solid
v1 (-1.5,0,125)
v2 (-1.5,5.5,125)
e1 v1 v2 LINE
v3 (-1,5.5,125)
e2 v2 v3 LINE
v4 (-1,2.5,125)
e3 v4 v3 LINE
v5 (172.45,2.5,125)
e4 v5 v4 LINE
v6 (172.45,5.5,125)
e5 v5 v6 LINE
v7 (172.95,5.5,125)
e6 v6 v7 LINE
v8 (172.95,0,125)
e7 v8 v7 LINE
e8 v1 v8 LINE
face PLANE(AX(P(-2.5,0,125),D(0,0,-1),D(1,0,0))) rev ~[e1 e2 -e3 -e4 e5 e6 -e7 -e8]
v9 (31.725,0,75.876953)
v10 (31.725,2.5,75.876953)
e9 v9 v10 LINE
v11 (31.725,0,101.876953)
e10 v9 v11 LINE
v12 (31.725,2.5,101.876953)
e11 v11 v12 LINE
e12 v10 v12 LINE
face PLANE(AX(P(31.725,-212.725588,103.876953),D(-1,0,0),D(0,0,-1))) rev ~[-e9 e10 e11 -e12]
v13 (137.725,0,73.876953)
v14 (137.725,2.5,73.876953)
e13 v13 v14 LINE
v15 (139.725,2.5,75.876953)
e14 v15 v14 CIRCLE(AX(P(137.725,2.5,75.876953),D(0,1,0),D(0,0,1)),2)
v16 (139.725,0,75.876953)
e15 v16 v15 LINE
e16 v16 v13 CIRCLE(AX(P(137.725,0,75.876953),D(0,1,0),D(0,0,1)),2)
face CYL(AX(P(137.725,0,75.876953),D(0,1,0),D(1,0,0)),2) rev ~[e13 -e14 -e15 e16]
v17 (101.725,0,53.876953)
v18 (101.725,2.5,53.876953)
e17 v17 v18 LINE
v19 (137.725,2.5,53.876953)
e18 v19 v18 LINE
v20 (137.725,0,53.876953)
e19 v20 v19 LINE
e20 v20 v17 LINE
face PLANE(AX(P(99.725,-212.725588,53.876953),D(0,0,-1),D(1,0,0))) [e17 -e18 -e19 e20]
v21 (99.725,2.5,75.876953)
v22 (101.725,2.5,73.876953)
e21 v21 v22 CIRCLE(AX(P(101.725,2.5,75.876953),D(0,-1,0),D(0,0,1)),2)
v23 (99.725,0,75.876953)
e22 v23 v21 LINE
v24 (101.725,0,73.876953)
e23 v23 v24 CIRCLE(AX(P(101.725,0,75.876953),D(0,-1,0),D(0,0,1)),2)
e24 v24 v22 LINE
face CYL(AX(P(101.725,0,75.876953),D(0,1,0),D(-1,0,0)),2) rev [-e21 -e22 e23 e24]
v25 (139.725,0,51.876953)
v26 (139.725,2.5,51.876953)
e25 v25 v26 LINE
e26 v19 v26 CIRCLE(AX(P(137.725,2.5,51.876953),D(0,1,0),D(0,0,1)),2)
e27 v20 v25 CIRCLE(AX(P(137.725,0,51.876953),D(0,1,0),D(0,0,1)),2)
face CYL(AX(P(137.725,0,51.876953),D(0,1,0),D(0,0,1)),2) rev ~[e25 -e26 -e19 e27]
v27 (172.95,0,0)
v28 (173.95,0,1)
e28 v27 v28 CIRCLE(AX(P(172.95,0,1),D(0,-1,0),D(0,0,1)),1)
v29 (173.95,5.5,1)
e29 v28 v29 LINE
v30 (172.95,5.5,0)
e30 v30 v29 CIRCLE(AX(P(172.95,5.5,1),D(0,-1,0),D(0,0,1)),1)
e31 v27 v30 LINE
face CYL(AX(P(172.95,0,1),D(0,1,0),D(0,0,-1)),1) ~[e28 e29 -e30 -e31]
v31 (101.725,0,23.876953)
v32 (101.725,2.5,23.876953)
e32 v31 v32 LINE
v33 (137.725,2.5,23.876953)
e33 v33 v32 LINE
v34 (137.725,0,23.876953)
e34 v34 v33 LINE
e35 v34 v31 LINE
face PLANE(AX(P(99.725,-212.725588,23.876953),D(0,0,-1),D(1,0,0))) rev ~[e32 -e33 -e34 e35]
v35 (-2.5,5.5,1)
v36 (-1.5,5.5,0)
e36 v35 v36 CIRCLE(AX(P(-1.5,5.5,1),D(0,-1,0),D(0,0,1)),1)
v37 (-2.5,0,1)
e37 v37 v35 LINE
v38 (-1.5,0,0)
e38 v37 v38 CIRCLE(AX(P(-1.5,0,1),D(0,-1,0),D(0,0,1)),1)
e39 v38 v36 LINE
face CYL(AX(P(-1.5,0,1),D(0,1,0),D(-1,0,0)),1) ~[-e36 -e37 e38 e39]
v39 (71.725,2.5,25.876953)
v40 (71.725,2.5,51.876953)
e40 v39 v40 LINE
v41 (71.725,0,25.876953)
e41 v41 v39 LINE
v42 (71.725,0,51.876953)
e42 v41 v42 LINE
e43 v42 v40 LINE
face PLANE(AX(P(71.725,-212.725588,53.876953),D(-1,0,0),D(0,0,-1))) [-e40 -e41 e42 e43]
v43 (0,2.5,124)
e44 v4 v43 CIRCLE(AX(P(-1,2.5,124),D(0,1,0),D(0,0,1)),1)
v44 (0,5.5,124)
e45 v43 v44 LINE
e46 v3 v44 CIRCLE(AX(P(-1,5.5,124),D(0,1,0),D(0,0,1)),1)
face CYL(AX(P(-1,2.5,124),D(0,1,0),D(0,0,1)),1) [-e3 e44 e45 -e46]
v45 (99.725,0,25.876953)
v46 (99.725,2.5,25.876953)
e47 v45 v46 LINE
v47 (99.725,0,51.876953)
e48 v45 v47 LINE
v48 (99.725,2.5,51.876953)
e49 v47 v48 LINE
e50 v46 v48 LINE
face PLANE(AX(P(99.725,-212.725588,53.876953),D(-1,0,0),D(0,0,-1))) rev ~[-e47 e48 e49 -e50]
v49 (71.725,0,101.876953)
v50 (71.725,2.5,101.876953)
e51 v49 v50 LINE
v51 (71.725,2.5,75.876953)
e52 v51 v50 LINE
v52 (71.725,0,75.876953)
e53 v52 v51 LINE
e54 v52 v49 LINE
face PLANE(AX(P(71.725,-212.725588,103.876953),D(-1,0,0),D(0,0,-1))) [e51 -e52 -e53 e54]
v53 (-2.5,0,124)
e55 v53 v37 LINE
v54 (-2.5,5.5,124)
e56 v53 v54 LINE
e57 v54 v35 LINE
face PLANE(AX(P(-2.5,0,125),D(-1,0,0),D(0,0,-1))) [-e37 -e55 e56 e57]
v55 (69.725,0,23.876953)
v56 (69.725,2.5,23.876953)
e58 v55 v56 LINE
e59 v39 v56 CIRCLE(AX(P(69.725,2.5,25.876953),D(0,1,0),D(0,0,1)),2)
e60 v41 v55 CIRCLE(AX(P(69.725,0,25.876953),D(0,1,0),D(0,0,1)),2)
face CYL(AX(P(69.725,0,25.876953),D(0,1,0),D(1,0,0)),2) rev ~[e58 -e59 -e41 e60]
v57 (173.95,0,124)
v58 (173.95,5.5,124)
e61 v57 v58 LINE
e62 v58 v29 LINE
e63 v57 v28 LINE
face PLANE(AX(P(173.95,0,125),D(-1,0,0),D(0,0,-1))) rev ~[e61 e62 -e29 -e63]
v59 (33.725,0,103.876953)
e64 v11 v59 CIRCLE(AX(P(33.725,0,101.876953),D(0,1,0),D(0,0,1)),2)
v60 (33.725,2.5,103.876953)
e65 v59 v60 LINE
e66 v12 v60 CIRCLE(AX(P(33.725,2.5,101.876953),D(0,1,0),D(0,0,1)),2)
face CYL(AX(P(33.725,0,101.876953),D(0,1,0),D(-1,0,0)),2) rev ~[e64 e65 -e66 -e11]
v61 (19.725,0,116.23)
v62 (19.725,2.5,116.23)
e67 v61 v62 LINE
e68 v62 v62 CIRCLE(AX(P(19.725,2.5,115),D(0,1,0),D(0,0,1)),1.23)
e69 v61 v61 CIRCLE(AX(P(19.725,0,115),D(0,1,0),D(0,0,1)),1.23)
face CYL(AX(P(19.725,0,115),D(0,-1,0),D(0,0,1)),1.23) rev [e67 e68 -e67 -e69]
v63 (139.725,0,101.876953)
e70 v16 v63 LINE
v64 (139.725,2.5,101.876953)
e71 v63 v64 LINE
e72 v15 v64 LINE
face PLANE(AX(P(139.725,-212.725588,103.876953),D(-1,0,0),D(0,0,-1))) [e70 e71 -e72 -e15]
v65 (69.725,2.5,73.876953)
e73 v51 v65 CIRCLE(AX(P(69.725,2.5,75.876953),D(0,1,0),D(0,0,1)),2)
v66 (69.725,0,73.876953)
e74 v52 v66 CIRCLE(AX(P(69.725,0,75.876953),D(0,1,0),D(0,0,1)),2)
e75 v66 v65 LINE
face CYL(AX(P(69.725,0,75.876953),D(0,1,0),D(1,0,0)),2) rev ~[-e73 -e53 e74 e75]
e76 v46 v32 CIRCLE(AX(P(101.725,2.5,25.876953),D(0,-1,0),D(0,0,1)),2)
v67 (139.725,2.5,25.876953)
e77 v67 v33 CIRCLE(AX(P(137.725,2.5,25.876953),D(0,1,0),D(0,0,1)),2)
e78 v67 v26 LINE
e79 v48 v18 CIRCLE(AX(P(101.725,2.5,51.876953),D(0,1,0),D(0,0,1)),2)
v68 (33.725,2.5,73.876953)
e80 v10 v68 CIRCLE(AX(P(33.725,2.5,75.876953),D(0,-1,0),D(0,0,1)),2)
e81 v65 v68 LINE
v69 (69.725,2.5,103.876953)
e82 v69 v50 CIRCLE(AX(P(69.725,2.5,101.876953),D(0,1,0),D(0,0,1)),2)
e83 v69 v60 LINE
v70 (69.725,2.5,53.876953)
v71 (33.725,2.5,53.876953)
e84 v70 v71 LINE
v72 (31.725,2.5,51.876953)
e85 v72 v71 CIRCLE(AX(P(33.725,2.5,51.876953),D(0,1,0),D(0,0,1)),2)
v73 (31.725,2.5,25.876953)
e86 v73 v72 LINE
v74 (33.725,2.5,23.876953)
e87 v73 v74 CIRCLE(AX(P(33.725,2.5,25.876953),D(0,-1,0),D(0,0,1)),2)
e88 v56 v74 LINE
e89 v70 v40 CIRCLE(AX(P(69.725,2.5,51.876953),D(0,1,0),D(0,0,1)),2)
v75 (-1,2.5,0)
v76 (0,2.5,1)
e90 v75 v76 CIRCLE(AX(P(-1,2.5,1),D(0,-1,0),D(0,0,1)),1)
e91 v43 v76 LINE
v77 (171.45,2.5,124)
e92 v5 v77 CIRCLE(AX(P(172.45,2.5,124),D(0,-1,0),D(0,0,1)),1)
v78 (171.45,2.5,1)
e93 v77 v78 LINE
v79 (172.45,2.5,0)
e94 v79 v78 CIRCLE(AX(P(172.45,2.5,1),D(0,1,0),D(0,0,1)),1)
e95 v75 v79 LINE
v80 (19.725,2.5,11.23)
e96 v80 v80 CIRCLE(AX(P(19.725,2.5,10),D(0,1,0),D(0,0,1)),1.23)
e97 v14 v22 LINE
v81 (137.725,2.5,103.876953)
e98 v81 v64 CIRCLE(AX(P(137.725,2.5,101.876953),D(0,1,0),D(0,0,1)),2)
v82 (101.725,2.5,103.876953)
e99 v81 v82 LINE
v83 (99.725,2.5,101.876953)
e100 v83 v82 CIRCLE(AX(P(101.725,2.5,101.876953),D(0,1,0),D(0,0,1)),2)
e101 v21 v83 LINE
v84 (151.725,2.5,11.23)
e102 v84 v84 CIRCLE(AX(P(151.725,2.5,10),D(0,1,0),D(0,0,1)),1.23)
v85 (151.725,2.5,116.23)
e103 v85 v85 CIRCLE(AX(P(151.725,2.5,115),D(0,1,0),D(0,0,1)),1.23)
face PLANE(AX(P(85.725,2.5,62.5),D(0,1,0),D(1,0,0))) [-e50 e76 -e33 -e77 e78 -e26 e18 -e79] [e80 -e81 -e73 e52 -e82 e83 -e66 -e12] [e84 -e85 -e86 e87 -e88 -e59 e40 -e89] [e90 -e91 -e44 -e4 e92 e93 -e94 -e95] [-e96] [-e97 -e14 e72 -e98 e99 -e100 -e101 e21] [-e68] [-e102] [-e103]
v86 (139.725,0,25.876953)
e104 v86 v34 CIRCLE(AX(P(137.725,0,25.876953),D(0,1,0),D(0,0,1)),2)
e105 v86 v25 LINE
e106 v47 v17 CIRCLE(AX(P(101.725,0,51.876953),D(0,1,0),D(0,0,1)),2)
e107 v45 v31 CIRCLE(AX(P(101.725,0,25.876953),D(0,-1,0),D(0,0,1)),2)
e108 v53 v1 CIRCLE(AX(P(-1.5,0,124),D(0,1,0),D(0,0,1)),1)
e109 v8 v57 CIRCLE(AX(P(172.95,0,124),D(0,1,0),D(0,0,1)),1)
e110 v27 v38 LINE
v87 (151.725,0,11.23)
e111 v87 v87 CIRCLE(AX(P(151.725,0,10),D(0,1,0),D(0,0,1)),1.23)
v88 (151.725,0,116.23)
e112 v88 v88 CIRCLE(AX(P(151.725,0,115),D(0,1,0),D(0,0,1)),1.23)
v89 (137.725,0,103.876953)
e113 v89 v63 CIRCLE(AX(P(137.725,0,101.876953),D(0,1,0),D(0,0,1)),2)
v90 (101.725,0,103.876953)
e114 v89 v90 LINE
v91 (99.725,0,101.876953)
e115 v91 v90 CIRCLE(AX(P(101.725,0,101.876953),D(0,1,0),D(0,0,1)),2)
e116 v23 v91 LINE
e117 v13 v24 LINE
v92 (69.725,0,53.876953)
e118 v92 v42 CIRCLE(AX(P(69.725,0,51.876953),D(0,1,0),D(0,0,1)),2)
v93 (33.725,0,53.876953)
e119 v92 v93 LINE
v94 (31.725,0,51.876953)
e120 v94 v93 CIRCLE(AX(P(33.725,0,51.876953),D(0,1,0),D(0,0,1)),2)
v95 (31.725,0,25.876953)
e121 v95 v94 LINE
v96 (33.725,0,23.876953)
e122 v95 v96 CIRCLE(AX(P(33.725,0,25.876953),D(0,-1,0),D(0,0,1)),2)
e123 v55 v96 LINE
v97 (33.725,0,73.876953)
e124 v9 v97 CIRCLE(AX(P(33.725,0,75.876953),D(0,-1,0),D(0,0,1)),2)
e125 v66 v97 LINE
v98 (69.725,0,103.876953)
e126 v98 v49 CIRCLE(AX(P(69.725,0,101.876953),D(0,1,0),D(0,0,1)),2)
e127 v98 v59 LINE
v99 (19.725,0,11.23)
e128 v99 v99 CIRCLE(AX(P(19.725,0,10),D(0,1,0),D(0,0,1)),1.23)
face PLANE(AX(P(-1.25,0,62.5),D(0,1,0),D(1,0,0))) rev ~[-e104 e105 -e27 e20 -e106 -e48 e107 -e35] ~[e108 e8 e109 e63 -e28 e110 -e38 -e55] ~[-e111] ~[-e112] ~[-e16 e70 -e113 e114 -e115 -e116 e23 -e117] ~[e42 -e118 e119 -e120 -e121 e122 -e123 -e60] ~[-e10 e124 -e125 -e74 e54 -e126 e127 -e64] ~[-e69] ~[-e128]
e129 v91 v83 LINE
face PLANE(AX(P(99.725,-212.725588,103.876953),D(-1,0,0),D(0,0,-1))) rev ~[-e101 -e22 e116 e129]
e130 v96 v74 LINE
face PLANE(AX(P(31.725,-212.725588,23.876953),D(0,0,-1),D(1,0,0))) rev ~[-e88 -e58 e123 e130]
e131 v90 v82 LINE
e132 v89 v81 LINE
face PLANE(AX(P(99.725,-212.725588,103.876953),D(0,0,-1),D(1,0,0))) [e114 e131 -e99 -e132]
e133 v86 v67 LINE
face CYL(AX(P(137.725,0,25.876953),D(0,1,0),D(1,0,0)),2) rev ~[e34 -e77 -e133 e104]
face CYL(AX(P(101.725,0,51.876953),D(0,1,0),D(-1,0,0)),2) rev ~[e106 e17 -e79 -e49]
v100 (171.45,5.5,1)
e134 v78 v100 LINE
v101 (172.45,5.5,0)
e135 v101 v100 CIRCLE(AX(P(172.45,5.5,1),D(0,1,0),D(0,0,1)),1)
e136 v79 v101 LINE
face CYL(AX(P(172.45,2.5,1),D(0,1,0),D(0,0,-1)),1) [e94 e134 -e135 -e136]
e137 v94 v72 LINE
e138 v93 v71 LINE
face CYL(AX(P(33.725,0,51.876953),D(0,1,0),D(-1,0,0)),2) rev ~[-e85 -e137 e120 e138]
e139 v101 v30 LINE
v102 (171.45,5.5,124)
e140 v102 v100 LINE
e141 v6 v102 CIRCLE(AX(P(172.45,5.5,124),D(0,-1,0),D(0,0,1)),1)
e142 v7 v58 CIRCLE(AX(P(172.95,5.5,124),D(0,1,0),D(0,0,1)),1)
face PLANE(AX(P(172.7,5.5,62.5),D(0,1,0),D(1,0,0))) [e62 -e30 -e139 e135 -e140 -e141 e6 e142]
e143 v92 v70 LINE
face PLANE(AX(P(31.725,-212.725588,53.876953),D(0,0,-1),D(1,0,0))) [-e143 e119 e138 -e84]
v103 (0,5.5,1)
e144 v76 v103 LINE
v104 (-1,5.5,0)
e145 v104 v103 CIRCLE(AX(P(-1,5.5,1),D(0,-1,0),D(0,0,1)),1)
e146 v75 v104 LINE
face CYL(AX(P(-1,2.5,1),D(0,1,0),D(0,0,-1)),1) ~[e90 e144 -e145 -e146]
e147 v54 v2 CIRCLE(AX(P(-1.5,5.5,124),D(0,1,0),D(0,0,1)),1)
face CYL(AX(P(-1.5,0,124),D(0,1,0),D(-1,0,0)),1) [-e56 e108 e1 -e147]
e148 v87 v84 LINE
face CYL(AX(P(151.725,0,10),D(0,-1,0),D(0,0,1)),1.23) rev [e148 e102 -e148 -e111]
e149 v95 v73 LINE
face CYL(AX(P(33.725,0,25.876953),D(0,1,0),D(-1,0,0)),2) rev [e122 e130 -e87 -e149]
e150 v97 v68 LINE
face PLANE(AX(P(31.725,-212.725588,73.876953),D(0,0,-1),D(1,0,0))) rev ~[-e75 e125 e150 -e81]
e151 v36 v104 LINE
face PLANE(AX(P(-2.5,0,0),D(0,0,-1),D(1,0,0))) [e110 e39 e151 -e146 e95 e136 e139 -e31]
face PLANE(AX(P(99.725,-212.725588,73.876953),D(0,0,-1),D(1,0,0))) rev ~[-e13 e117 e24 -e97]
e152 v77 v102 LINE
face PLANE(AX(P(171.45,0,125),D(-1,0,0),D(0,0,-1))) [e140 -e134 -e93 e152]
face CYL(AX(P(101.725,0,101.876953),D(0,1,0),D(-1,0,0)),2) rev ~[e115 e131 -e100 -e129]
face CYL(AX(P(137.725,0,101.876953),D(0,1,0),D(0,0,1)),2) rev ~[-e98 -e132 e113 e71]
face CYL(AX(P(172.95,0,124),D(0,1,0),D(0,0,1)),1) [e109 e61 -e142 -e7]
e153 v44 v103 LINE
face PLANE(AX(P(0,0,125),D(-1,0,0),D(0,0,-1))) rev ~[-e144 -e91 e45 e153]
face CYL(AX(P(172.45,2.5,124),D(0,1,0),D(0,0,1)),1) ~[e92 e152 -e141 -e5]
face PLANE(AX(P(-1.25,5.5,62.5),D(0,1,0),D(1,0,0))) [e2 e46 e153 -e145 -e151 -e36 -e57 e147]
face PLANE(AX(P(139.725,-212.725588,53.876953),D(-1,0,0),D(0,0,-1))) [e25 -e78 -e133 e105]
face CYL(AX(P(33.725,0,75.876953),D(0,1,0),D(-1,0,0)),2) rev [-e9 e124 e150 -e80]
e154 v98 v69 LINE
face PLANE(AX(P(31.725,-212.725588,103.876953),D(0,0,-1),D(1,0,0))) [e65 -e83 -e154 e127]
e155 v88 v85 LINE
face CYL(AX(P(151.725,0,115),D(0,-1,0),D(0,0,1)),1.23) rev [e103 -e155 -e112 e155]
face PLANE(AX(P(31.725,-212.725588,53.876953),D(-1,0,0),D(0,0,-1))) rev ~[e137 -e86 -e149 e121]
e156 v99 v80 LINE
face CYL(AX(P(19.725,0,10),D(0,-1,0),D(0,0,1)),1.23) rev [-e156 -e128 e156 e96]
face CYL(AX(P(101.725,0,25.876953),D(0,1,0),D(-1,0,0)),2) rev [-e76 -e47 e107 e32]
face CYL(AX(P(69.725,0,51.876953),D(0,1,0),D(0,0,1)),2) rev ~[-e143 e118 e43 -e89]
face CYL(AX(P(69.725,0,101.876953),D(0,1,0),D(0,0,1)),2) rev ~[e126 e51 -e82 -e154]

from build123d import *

# Parameters (mm, degrees)
SKETCH1_W                = 171.45
SKETCH1_H                = 125
SKETCH1_R                = 1.23
BOSS_EXTRUDE1_DEPTH      = 2.5
BOSS_EXTRUDE2_DEPTH      = 3
BOSS_EXTRUDE2_DEPTH_BACK = 2.5
SKETCH2_W                = 2.5
SKETCH2_H                = 125
CUT_EXTRUDE1_DEPTH       = 215.225587874
CUT_EXTRUDE1_DEPTH_BACK  = 215.225587874
SKETCH3_W                = 40
SKETCH3_H                = 30
FILLET1_R                = 2
FILLET2_R                = 1


with BuildPart() as part:
    # Sketch1 → Boss-Extrude1 (new body)
    with BuildSketch(Plane(origin=(0, 0, 0), x_dir=(1, 0, 0), z_dir=(0, 1, 0))):
        with Locations((85.725, -62.5)):
            Rectangle(SKETCH1_W, SKETCH1_H)
        with Locations(Location((19.725, -10, 0), (0, 0, 270))):
            Circle(SKETCH1_R, mode=Mode.SUBTRACT)
        with Locations(Location((151.725, -10, 0), (0, 0, 270))):
            Circle(SKETCH1_R, mode=Mode.SUBTRACT)
        with Locations(Location((19.725, -115, 0), (0, 0, 270))):
            Circle(SKETCH1_R, mode=Mode.SUBTRACT)
        with Locations(Location((151.725, -115, 0), (0, 0, 270))):
            Circle(SKETCH1_R, mode=Mode.SUBTRACT)
    extrude(amount=BOSS_EXTRUDE1_DEPTH)

    # Sketch2 → Boss-Extrude2 (add, two sides: drawn at the far end of the back side and taken through both)
    with BuildSketch(Plane(origin=(0, 2.5, 0), x_dir=(1, 0, 0), z_dir=(0, 1, 0)).offset(-BOSS_EXTRUDE2_DEPTH_BACK)):
        with Locations((-1.25, -62.5)):
            Rectangle(SKETCH2_W, SKETCH2_H)
        with Locations((172.7, -62.5)):
            Rectangle(SKETCH2_W, SKETCH2_H)
    extrude(amount=BOSS_EXTRUDE2_DEPTH + BOSS_EXTRUDE2_DEPTH_BACK)

    # Sketch3 → Cut-Extrude1 (cut, two sides: drawn at the far end of the back side and taken through both)
    with BuildSketch(Plane(origin=(0, 2.5, 0), x_dir=(1, 0, 0), z_dir=(0, 1, 0)).offset(-CUT_EXTRUDE1_DEPTH_BACK)):
        with Locations((51.725, -38.876953358)):
            Rectangle(SKETCH3_W, SKETCH3_H)
        with Locations((119.725, -38.876953358)):
            Rectangle(SKETCH3_W, SKETCH3_H)
        with Locations((51.725, -88.876953358)):
            Rectangle(SKETCH3_W, SKETCH3_H)
        with Locations((119.725, -88.876953358)):
            Rectangle(SKETCH3_W, SKETCH3_H)
    extrude(amount=CUT_EXTRUDE1_DEPTH + CUT_EXTRUDE1_DEPTH_BACK, mode=Mode.SUBTRACT)

    # Fillet1
    fillet1_edges = [part.edges().sort_by_distance(p)[0] for p in [
        (71.725, 1.25, 53.876953358),
        (139.725, 1.25, 23.876953358),
        (139.725, 1.25, 53.876953358),
        (99.725, 1.25, 53.876953358),
        (99.725, 1.25, 23.876953358),
        (31.725, 1.25, 103.876953358),
        (31.725, 1.25, 73.876953358),
        (71.725, 1.25, 73.876953358),
        (71.725, 1.25, 103.876953358),
        (99.725, 1.25, 103.876953358),
        (99.725, 1.25, 73.876953358),
        (139.725, 1.25, 73.876953358),
        (139.725, 1.25, 103.876953358),
        (31.725, 1.25, 53.876953358),
        (31.725, 1.25, 23.876953358),
        (71.725, 1.25, 23.876953358),
    ]]
    fillet(fillet1_edges, radius=FILLET1_R)

    # Fillet2
    fillet2_edges = [part.edges().sort_by_distance(p)[0] for p in [
        (0, 4, 0),
        (0, 4, 125),
        (-2.5, 2.75, 125),
        (-2.5, 2.75, 0),
        (171.45, 4, 125),
        (171.45, 4, 0),
        (173.95, 2.75, 0),
        (173.95, 2.75, 125),
    ]]
    fillet(fillet2_edges, radius=FILLET2_R)


solid = part.part
